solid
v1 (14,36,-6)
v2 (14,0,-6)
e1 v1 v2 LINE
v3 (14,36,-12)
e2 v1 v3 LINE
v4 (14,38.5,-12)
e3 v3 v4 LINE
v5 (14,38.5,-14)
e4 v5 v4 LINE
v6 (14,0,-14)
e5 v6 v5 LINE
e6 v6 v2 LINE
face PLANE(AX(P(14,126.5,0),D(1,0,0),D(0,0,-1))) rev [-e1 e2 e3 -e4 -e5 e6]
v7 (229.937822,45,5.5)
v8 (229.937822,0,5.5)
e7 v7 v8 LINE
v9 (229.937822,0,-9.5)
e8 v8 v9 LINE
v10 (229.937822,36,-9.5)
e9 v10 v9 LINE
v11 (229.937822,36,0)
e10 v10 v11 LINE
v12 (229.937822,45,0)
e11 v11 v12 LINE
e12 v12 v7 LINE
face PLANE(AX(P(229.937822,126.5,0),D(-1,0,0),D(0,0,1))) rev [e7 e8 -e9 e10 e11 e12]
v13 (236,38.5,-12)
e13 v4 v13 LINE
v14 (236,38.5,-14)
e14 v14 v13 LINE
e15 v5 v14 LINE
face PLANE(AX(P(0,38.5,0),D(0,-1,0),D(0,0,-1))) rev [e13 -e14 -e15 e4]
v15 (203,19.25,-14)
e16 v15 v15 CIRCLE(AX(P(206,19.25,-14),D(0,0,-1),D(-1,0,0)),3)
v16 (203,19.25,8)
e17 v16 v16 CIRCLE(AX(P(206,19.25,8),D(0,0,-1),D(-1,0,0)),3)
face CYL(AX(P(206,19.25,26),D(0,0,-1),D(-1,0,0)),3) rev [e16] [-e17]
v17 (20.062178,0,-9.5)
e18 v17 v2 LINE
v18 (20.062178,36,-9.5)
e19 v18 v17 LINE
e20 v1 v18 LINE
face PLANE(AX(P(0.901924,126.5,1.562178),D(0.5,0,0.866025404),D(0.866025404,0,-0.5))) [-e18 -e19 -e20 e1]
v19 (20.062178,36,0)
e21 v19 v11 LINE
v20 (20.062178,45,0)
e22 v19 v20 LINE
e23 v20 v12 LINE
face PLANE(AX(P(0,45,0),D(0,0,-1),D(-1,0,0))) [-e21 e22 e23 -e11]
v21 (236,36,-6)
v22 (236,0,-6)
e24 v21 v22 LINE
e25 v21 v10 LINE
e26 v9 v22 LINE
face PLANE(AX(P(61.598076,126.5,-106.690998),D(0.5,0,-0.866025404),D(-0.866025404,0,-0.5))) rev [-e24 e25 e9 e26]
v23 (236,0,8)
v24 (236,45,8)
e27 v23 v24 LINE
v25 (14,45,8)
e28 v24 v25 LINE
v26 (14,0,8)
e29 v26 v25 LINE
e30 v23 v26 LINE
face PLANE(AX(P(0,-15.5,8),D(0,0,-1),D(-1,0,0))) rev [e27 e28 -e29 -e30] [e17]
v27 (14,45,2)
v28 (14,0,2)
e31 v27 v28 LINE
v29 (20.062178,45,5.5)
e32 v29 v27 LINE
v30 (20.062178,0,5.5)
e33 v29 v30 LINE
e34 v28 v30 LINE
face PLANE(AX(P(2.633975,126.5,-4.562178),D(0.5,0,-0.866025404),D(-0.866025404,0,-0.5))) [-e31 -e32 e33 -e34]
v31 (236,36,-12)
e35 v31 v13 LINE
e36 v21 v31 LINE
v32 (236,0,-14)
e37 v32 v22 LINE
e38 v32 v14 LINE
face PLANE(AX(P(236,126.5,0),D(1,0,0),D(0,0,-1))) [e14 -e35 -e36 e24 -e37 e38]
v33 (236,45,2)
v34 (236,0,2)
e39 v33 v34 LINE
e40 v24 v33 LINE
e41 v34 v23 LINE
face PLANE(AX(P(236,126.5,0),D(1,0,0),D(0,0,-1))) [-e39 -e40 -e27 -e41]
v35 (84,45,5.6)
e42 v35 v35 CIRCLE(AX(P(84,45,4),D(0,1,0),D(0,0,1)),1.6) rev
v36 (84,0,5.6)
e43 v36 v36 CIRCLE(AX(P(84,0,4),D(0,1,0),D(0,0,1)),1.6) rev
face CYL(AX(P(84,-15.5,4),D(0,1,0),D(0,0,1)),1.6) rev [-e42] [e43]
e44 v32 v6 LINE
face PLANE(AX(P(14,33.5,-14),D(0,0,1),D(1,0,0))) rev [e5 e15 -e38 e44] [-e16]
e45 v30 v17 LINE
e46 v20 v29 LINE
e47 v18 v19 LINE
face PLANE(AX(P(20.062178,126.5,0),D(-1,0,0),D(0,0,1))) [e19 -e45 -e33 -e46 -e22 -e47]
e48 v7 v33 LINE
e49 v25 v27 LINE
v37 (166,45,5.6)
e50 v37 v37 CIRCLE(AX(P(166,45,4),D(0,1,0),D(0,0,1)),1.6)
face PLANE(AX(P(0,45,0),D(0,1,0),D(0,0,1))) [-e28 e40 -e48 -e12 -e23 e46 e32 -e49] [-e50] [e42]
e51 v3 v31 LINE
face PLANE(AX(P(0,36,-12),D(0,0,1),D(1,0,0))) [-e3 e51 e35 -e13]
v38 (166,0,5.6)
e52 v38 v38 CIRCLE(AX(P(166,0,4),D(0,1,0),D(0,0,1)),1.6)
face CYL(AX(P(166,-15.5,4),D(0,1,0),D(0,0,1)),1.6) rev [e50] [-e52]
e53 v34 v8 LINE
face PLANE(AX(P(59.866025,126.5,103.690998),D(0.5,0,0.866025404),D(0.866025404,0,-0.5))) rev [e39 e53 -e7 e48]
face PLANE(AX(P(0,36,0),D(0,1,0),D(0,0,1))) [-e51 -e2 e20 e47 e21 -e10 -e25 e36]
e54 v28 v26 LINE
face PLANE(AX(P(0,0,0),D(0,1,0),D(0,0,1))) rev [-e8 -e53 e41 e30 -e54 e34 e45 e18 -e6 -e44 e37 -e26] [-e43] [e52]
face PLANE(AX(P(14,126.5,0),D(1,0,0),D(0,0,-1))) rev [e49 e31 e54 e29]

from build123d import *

# Parameters (mm, degrees)
SKETCH_1_W           = 270
SKETCH_1_H           = 370
SKETCH_1_W_2         = 250
SKETCH_1_H_2         = 350
EXTRUDE_2_DEPTH      = 45
SKETCH_4_W           = 250
SKETCH_4_H           = 350
SKETCH_4_W_2         = 222
SKETCH_4_H_2         = 322
EXTRUDE_3_DEPTH      = 5
SKETCH_9_W           = 246
SKETCH_9_H           = 346
SKETCH_9_W_2         = 226
SKETCH_9_H_2         = 326
CUT_EXTRUDE_3_DEPTH  = 2.5
SKETCH_12_R          = 1.6
CUT_EXTRUDE_5_DEPTH  = 109.5
FILLET_1_R           = 5
SKETCH_13_W          = 250
SKETCH_13_H          = 350
SKETCH_13_W_2        = 222
SKETCH_13_H_2        = 322
EXTRUDE_4_DEPTH      = 33.5
CUT_EXTRUDE_START    = -126.5
CUT_EXTRUDE_8_DEPTH  = 126.5
SKETCH_15_W          = 209.875644348
SKETCH_15_H          = 2
CUT_EXTRUDE_9_DEPTH  = 2.5
CUT_EXTRUDE_10_DEPTH = 60.5
SKETCH_18_R          = 1.6
CUT_EXTRUDE_11_DEPTH = 60.5
SKETCH_21_R          = 3
CUT_EXTRUDE_14_DEPTH = 40


with BuildPart() as part:
    # 草图1 → 凸台-拉伸2 (new body)
    with BuildSketch(Plane(origin=(0, 0, 0), x_dir=(1, 0, 0), z_dir=(0, 1, 0))):
        with Locations((125, 175)):
            Rectangle(SKETCH_1_W, SKETCH_1_H)
        with Locations((125, 175)):
            Rectangle(SKETCH_1_W_2, SKETCH_1_H_2, mode=Mode.SUBTRACT)
    extrude(amount=EXTRUDE_2_DEPTH)

    # 草图4 → 凸台-拉伸3 (add)
    with BuildSketch(Plane(origin=(0, 38.5, 0), x_dir=(1, 0, 0), z_dir=(0, 1, 0))):
        with Locations((125, 175)):
            Rectangle(SKETCH_4_W, SKETCH_4_H)
        with Locations((125, 175)):
            Rectangle(SKETCH_4_W_2, SKETCH_4_H_2, mode=Mode.SUBTRACT)
    extrude(amount=-EXTRUDE_3_DEPTH)

    # 草图9 → 切除-拉伸3 (cut)
    with BuildSketch(Plane(origin=(0, 38.5, 0), x_dir=(1, 0, 0), z_dir=(0, 1, 0))):
        with Locations((125, 175)):
            Rectangle(SKETCH_9_W, SKETCH_9_H)
        with Locations((125, 175)):
            Rectangle(SKETCH_9_W_2, SKETCH_9_H_2, mode=Mode.SUBTRACT)
    extrude(amount=-CUT_EXTRUDE_3_DEPTH, mode=Mode.SUBTRACT)

    # 草图12 → 切除-拉伸5 (cut)
    with BuildSketch(Plane(origin=(0, 45, 0), x_dir=(1, 0, 0), z_dir=(0, 1, 0))):
        with Locations((-5, 355)):
            Circle(SKETCH_12_R)
        with Locations((-5, -5)):
            Circle(SKETCH_12_R)
        with Locations((255, -5)):
            Circle(SKETCH_12_R)
        with Locations((255, 355)):
            Circle(SKETCH_12_R)
    extrude(amount=-CUT_EXTRUDE_5_DEPTH, mode=Mode.SUBTRACT)

    # 圆角1
    fillet_1_edges = [part.edges().sort_by_distance(p)[0] for p in [
        (260, 22.5, -360),
        (260, 22.5, 10),
        (-10, 22.5, 10),
        (-10, 22.5, -360),
    ]]
    fillet(fillet_1_edges, radius=FILLET_1_R)

    # 草图13 → 凸台-拉伸4 (add)
    with BuildSketch(Plane.XZ.offset(-33.5)):
        with Locations((125, -175)):
            Rectangle(SKETCH_13_W, SKETCH_13_H)
        with Locations((125, -175)):
            Rectangle(SKETCH_13_W_2, SKETCH_13_H_2, mode=Mode.SUBTRACT)
    extrude(amount=EXTRUDE_4_DEPTH)

    # 草图14 → 切除-拉伸8 (cut)
    with BuildSketch(Plane.XZ.offset(CUT_EXTRUDE_START)):
        with BuildLine():
            Line((14, -336), (14, -6))
            Line((14, -6), (20.062177826, -9.5))
            Line((20.062177826, -9.5), (20.062177826, 5.5))
            Line((20.062177826, 5.5), (14, 2))
            Line((14, 2), (14, 10))
            Line((14, 10), (-5, 10))
            ThreePointArc((-5, 10), (-8.535533906, 8.535533906), (-10, 5))
            Line((-10, 5), (-10, -355))
            ThreePointArc((-10, -355), (-8.535533906, -358.535533906), (-5, -360))
            Line((-5, -360), (255, -360))
            ThreePointArc((255, -360), (258.535533906, -358.535533906), (260, -355))
            Line((260, -355), (260, 5))
            ThreePointArc((260, 5), (258.535533906, 8.535533906), (255, 10))
            Line((255, 10), (236, 10))
            Line((236, 10), (236, 2))
            Line((236, 2), (229.937822174, 5.5))
            Line((229.937822174, 5.5), (229.937822174, -9.5))
            Line((229.937822174, -9.5), (236, -6))
            Line((236, -6), (236, -336))
            Line((236, -336), (14, -336))
        make_face()
    extrude(amount=CUT_EXTRUDE_8_DEPTH, mode=Mode.SUBTRACT)

    # 草图15 → 切除-拉伸9 (cut)
    with BuildSketch(Plane(origin=(0, 38.5, 0), x_dir=(1, 0, 0), z_dir=(0, 1, 0))):
        with Locations((125, 1)):
            Rectangle(SKETCH_15_W, SKETCH_15_H)
    extrude(amount=-CUT_EXTRUDE_9_DEPTH, mode=Mode.SUBTRACT)

    # 草图16 → 切除-拉伸10 (cut)
    with BuildSketch(Plane(origin=(0, 45, 0), x_dir=(1, 0, 0), z_dir=(0, 1, 0))):
        Polygon((236, -10), (236, -8), (234, -8), (229.607695155, -8), (14, -8), (14, -10), align=None)
    extrude(amount=-CUT_EXTRUDE_10_DEPTH, mode=Mode.SUBTRACT)

    # 草图18 → 切除-拉伸11 (cut)
    with BuildSketch(Plane(origin=(0, 45, 0), x_dir=(1, 0, 0), z_dir=(0, 1, 0))):
        with Locations((166, -4)):
            Circle(SKETCH_18_R)
        with Locations((84, -4)):
            Circle(SKETCH_18_R)
    extrude(amount=-CUT_EXTRUDE_11_DEPTH, mode=Mode.SUBTRACT)

    # 草图21 → 切除-拉伸14 (cut)
    with BuildSketch(Plane(origin=(0, 0, -14), x_dir=(-1, 0, 0), z_dir=(0, 0, -1))):
        with Locations((-206, 19.25)):
            Circle(SKETCH_21_R)
    extrude(amount=-CUT_EXTRUDE_14_DEPTH, mode=Mode.SUBTRACT)


solid = part.part
